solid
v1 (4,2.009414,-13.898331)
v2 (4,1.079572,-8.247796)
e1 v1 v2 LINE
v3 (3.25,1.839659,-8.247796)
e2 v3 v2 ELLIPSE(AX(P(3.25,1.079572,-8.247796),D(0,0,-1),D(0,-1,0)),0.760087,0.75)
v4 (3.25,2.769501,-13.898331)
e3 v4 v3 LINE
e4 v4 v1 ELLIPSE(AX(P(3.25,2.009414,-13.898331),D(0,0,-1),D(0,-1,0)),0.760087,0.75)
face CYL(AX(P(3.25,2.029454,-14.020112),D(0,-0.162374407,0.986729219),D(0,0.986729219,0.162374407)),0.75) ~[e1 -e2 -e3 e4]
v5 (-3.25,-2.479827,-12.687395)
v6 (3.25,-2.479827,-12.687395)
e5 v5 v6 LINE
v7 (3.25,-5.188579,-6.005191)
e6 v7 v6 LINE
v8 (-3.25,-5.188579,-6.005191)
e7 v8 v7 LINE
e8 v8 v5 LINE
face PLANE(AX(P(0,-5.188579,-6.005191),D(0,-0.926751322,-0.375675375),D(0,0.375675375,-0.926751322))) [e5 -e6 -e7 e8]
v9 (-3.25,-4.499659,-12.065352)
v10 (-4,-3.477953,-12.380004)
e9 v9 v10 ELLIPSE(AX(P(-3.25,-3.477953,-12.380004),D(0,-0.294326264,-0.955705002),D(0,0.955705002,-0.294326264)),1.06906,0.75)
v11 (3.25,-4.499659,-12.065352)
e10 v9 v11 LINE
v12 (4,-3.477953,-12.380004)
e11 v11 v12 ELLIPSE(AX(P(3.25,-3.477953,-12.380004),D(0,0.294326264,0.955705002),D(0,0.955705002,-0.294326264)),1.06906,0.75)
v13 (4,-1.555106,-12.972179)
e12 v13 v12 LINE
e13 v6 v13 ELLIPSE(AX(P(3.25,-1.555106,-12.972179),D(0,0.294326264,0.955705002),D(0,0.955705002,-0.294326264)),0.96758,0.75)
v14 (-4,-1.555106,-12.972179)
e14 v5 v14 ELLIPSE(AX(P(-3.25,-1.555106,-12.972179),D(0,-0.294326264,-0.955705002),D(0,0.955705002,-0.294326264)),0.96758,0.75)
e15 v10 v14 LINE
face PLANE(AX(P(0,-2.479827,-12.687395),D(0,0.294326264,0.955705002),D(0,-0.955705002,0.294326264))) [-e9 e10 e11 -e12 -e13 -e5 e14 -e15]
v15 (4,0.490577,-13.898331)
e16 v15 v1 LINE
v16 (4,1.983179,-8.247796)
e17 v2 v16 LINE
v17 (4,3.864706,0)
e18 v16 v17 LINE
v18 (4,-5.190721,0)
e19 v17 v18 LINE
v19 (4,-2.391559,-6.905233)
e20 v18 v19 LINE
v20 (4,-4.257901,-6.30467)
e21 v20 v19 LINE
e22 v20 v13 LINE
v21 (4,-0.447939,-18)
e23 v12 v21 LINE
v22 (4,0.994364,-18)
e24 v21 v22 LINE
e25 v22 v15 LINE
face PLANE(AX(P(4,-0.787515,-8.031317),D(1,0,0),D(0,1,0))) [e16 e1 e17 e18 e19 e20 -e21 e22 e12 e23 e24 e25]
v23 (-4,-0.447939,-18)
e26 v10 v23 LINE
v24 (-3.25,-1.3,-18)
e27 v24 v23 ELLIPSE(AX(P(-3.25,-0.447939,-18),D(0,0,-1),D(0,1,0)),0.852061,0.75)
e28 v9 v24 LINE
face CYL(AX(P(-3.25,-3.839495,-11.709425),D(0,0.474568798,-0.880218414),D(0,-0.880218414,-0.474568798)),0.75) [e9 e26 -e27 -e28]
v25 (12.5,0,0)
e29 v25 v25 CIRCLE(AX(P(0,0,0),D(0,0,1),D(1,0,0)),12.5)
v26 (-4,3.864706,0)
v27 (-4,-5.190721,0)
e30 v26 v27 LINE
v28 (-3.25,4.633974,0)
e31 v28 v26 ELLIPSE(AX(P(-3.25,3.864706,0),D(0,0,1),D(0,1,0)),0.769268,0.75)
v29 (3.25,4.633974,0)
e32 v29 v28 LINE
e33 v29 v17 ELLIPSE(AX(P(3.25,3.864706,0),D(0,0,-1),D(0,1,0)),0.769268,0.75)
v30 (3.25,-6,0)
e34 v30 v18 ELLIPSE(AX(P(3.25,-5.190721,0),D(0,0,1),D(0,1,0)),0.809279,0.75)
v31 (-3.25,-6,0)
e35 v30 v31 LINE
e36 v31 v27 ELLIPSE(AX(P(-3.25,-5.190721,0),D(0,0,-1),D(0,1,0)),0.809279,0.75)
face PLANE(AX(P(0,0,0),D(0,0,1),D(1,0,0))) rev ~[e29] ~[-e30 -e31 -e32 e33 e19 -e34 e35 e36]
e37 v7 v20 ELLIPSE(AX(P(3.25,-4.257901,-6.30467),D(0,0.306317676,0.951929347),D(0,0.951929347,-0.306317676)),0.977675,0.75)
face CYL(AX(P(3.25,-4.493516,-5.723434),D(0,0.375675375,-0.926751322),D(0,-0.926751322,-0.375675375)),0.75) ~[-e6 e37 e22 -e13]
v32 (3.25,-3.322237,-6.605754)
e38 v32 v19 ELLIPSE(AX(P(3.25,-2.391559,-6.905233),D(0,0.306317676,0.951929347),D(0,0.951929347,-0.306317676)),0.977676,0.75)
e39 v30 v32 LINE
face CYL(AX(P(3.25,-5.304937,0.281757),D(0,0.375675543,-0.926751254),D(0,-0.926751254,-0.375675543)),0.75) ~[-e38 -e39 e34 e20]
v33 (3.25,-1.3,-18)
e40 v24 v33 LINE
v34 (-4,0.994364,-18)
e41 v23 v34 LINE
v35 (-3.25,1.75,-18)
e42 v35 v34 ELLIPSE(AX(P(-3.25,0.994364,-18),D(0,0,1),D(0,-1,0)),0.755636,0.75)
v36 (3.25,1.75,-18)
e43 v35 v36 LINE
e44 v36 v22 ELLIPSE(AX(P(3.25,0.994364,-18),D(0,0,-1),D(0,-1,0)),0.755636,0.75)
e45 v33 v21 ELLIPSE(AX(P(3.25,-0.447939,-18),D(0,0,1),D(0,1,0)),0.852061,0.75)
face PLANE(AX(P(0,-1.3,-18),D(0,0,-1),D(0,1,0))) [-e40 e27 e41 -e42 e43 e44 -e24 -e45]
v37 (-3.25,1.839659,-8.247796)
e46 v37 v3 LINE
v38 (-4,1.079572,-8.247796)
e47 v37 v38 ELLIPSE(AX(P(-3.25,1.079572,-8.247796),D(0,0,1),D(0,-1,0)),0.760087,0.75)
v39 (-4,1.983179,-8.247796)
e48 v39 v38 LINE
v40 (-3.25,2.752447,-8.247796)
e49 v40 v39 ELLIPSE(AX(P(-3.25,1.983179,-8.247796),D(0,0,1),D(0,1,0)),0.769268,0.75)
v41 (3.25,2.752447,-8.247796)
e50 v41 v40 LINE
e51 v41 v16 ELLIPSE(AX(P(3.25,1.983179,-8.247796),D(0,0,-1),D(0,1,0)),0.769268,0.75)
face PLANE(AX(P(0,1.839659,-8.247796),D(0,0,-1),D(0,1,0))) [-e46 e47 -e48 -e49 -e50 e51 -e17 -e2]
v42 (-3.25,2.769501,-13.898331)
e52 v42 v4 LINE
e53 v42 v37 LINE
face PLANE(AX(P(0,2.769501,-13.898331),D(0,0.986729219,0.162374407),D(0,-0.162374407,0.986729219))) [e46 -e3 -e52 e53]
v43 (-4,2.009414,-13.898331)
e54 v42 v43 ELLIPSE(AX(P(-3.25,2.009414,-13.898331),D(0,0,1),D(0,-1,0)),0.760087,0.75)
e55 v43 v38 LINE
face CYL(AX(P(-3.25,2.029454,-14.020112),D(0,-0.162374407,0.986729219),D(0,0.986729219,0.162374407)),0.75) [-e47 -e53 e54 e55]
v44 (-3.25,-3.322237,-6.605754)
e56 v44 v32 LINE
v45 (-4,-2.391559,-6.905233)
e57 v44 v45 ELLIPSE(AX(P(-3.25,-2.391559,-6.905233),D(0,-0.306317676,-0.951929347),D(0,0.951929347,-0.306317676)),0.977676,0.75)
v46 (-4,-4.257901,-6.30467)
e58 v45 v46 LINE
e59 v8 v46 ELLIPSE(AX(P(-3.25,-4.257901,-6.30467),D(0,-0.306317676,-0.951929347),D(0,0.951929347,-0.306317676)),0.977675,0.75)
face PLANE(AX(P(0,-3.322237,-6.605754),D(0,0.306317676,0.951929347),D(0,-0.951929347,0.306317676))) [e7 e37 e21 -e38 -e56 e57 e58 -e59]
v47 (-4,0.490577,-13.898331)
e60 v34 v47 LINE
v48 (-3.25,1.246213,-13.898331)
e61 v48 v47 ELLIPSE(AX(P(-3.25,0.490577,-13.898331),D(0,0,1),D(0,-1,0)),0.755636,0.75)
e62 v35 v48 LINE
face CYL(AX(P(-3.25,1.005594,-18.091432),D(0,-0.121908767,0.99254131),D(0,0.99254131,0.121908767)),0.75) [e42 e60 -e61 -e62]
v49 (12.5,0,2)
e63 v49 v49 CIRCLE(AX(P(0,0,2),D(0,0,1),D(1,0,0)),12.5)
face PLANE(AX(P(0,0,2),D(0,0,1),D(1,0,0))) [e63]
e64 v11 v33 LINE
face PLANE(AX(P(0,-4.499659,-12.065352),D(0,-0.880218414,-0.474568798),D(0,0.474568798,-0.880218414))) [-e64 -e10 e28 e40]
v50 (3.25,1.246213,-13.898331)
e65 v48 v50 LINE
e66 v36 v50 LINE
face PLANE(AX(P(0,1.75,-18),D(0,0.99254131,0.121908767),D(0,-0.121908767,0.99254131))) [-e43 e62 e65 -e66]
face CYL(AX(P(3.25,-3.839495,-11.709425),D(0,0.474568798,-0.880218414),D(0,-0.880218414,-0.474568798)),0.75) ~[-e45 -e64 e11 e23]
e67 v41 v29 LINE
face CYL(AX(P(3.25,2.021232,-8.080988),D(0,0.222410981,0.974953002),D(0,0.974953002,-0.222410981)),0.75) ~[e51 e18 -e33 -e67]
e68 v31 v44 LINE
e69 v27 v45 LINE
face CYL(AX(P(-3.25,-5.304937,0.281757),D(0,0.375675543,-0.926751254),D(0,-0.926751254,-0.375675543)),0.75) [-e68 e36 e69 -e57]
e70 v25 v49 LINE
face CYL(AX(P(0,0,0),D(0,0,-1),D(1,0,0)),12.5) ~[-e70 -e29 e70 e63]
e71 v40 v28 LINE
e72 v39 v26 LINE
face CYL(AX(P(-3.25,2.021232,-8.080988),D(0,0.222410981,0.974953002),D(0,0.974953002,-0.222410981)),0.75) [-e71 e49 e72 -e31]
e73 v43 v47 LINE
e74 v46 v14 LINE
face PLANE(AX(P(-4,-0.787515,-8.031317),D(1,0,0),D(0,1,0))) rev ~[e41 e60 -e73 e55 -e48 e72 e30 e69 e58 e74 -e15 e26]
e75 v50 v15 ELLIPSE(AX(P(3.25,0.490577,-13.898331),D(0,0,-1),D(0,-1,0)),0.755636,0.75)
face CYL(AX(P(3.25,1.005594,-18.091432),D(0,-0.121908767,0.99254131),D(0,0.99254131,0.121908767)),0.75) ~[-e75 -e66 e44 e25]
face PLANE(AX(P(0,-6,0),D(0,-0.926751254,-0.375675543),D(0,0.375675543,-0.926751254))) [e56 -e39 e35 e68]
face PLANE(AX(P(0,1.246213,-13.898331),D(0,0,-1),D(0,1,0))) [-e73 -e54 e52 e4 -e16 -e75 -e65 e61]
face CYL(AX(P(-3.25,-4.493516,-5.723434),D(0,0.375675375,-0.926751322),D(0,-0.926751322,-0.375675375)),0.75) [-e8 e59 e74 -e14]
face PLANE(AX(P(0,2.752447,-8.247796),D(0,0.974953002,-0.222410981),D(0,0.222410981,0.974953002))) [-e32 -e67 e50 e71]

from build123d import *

# Parameters (mm, degrees)
F0_R          = 12.5
F1_DEPTH      = 2
F3_DEPTH      = 4
F3_DEPTH_BACK = 4
F4_R          = 0.75


with BuildPart() as f1:
    # F0 (on Top) → F1 (new body)
    with BuildSketch(Plane.XY):
        Circle(F0_R)
    extrude(amount=F1_DEPTH)

    # F2 (on Right) → F3 (join, two sides)
    with BuildSketch(Plane.YZ) as f3_sk:
        Polygon((4.633974, 0), (-6, 0), (-3.322237, -6.605754), (-5.188579, -6.005191), (-2.479827, -12.687395), (-4.499659, -12.065352), (-1.3, -18), (0, -18), (1.75, -18), (1.246213, -13.898331), (2.769501, -13.898331), (1.839659, -8.247796), (2.752447, -8.247796), align=None)
    extrude(amount=F3_DEPTH)
    extrude(f3_sk.sketch, amount=-F3_DEPTH_BACK)

    # F4
    f4_edges = [f1.edges().sort_by_distance(p)[0] for p in [
        (-4, 3.693211, -4.123898),
        (-4, -4.661119, -3.302877),
        (-4, 2.30458, -11.073063),
        (-4, -3.834203, -9.346293),
        (-4, 1.498106, -15.949165),
        (-4, -2.899829, -15.032676),
        (4, 3.693211, -4.123898),
        (4, 2.30458, -11.073063),
        (4, -2.899829, -15.032676),
        (4, 1.498106, -15.949165),
        (4, -3.834203, -9.346293),
        (4, -4.661119, -3.302877),
    ]]
    fillet(f4_edges, radius=F4_R)


solid = f1.part
